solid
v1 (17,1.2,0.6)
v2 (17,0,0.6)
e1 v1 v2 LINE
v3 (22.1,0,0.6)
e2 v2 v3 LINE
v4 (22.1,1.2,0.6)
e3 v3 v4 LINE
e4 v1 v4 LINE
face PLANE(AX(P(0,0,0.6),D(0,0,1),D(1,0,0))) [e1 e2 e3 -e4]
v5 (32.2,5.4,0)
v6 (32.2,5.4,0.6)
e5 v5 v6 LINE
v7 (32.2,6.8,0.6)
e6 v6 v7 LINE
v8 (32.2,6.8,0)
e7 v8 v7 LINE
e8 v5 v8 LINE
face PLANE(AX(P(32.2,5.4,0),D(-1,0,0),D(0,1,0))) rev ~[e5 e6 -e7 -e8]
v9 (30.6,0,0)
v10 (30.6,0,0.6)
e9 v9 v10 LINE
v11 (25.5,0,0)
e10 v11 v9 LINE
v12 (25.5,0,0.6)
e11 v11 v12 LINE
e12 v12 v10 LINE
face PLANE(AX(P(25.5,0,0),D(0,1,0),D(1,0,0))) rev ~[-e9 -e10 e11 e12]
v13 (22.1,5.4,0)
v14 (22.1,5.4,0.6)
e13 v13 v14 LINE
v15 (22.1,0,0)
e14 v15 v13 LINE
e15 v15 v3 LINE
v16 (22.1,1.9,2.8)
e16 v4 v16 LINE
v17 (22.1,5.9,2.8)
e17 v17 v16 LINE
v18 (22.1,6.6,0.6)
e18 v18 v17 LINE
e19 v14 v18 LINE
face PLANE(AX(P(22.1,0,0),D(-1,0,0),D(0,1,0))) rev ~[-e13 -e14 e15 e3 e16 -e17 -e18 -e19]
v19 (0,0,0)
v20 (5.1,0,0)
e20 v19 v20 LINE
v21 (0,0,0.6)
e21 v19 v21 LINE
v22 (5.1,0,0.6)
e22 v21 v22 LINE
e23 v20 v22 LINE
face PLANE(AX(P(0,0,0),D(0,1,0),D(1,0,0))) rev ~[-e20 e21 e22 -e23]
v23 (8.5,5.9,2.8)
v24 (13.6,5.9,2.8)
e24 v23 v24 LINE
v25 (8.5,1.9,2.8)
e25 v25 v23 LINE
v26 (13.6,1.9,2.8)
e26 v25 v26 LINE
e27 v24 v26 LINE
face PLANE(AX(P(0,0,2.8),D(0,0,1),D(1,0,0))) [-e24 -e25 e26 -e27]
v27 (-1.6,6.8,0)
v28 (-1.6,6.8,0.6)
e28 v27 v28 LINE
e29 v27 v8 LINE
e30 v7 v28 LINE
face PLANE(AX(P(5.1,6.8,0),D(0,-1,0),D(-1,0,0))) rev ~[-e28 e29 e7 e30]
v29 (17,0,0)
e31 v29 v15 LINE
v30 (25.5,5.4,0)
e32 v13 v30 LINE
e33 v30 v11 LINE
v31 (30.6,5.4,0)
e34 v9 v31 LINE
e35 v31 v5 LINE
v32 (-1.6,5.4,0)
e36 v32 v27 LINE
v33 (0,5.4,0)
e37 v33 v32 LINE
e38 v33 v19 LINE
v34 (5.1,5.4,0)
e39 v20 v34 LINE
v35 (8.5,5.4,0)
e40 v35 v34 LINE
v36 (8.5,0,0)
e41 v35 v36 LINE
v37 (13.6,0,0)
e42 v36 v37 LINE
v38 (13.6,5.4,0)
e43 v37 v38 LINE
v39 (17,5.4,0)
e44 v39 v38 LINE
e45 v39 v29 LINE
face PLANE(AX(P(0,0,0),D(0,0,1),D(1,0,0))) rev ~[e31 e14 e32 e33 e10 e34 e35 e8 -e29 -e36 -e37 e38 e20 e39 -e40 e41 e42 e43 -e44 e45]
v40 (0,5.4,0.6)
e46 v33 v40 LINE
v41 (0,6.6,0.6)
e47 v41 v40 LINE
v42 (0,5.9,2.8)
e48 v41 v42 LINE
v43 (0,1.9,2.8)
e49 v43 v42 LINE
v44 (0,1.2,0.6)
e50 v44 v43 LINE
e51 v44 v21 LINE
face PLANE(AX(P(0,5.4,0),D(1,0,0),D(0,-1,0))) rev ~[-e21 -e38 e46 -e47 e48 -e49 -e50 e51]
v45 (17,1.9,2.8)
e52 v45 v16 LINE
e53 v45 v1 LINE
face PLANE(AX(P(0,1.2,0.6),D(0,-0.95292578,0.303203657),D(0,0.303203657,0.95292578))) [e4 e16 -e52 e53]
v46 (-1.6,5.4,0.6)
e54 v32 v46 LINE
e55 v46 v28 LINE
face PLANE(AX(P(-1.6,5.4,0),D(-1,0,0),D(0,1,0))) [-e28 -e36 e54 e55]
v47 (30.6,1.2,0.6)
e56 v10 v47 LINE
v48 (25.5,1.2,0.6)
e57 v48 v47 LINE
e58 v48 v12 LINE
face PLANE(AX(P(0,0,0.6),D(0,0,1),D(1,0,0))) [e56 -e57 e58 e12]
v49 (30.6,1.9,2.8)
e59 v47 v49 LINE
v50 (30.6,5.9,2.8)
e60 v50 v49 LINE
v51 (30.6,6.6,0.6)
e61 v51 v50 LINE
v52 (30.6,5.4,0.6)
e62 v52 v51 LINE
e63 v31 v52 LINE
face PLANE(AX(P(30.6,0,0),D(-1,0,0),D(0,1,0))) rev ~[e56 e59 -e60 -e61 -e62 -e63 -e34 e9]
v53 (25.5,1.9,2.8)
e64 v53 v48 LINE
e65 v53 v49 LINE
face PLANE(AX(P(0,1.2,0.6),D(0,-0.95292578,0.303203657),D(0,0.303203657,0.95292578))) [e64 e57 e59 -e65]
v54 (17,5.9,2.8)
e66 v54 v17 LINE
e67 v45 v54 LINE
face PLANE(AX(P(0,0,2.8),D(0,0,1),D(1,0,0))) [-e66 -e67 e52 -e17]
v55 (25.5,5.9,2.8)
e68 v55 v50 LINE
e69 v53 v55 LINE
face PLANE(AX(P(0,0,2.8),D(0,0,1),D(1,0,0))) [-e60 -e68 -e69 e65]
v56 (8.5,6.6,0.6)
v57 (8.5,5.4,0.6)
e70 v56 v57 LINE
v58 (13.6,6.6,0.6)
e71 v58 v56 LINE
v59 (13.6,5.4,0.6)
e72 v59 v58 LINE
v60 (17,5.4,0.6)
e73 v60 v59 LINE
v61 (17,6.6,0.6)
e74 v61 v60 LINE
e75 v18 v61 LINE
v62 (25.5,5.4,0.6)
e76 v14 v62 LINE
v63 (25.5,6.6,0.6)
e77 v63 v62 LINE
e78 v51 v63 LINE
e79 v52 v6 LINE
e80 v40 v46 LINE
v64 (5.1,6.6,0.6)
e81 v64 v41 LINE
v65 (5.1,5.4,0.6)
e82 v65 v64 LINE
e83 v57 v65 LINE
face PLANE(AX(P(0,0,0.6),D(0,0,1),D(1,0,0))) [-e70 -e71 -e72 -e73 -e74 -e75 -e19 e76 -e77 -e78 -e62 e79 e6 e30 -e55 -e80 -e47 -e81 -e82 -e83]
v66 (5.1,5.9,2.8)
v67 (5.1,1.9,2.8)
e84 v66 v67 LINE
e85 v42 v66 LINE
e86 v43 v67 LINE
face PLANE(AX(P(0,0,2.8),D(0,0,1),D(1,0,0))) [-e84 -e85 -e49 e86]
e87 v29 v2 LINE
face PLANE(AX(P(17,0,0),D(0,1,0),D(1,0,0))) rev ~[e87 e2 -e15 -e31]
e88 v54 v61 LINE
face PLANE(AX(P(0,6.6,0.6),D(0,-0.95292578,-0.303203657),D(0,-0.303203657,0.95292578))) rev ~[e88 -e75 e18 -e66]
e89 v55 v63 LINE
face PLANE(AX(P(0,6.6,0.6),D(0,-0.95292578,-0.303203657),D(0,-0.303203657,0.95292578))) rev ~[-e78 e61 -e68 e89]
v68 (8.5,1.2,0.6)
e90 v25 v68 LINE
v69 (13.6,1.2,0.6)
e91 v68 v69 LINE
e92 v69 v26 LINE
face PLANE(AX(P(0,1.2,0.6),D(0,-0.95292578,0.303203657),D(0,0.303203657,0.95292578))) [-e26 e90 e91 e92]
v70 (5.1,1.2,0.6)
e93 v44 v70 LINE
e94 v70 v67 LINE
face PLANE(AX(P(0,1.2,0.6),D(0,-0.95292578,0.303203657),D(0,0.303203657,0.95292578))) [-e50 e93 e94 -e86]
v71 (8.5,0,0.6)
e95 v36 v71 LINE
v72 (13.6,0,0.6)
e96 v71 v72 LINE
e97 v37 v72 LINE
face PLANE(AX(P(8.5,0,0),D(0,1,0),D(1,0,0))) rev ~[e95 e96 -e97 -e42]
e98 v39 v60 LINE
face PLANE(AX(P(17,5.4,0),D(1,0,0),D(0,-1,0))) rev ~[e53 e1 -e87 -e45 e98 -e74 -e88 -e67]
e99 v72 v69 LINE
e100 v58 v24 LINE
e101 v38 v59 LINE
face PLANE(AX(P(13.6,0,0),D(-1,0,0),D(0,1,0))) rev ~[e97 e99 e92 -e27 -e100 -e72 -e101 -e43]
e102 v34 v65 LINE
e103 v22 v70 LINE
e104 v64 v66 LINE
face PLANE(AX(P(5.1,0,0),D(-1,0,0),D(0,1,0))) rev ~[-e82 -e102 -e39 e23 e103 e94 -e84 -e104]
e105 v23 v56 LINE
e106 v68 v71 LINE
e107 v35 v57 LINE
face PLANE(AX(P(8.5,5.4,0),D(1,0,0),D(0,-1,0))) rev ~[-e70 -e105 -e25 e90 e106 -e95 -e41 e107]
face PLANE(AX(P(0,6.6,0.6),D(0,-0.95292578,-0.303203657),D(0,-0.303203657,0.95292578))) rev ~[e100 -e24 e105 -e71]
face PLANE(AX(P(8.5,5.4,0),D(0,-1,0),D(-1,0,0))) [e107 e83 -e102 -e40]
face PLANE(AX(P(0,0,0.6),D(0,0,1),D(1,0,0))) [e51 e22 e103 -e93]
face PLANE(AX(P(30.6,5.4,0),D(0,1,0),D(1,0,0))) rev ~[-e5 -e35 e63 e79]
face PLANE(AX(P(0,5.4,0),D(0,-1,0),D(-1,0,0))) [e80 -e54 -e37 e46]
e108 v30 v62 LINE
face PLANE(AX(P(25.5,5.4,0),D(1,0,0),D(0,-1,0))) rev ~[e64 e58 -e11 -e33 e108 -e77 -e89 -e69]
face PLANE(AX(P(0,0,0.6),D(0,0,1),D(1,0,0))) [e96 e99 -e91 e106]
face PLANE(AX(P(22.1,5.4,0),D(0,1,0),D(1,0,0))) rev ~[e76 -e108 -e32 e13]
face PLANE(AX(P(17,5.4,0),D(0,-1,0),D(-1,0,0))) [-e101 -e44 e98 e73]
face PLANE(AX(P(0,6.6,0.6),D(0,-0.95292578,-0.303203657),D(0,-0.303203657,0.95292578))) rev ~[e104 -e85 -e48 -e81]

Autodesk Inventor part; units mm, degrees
ref_plane "YZ Plane" through (0, 0, 0) normal (1, 0, 0) x (0, 1, 0)
ref_plane "XZ Plane" through (0, 0, 0) normal (0, 1, 0) x (-1, 0, 0)
ref_plane "XY Plane" through (0, 0, 0) normal (0, 0, 1) x (1, 0, 0)
sketch "Эскиз1" plane through (0, 0, 0) normal (0, 0, 1) x (1, 0, 0)
  line L0 (0, 0) -> (5.1, 0)
  line L1 (5.1, 0) -> (5.1, 6.8)
  line L2 (5.1, 6.8) -> (0, 6.8)
  line L3 (0, 6.8) -> (0, 0)
  line L4 (8.5, 0) -> (13.6, 0)
  line L5 (13.6, 0) -> (13.6, 6.8)
  line L6 (13.6, 6.8) -> (8.5, 6.8)
  line L7 (8.5, 6.8) -> (8.5, 0)
  line L8 (17, 0) -> (22.1, 0)
  line L9 (22.1, 0) -> (22.1, 6.8)
  line L10 (22.1, 6.8) -> (17, 6.8)
  line L11 (17, 6.8) -> (17, 0)
  line L12 (25.5, 0) -> (30.6, 0)
  line L13 (30.6, 0) -> (30.6, 6.8)
  line L14 (30.6, 6.8) -> (25.5, 6.8)
  line L15 (25.5, 6.8) -> (25.5, 0)
  line L16 (5.1, 6.8) -> (8.5, 6.8)
  line L17 (13.6, 6.8) -> (17, 6.8)
  line L18 (22.1, 6.8) -> (25.5, 6.8)
  line L19 (22.1, 5.4) -> (25.5, 5.4)
  line L20 (17, 5.4) -> (13.6, 5.4)
  line L21 (8.5, 5.4) -> (5.1, 5.4)
  line L22 (0, 5.4) -> (-1.6, 5.4)
  line L23 (-1.6, 5.4) -> (-1.6, 6.8)
  line L24 (-1.6, 6.8) -> (0, 6.8)
  line L25 (0, 6.8) -> (0, 5.4)
  line L26 (30.6, 5.4) -> (32.2, 5.4)
  line L27 (32.2, 5.4) -> (32.2, 6.8)
  line L28 (32.2, 6.8) -> (30.6, 6.8)
  line L29 (30.6, 6.8) -> (30.6, 5.4)
  dimension "d0" = 5.1
  dimension "d1" = 6.8
  dimension "d4" = 8.5
  dimension "d9" = 1.4
  dimension "d10" = 1.6
extrude "Выдавливание1" add sketch "Эскиз1" along normal blind 0.6
sketch "Эскиз2" plane through (0, 0, 0.6) normal (0, 0, 1) x (1, 0, 0)
  line L0 (0, 5.4) -> (0, 0) projected
  line L1 (5.1, 0) -> (5.1, 5.4) projected
  line L2 (0, 1.2) -> (5.1, 1.2)
  line L3 (5.1, 1.2) -> (5.1, 6.6)
  line L4 (5.1, 6.6) -> (0, 6.6)
  line L5 (0, 6.6) -> (0, 1.2)
  line L6 (8.5, 5.4) -> (8.5, 0) projected
  line L7 (13.6, 0) -> (13.6, 5.4) projected
  line L8 (8.5, 1.2) -> (13.6, 1.2)
  line L9 (13.6, 1.2) -> (13.6, 6.6)
  line L10 (13.6, 6.6) -> (8.5, 6.6)
  line L11 (8.5, 6.6) -> (8.5, 1.2)
  line L12 (17, 5.4) -> (17, 0) projected
  line L13 (22.1, 0) -> (22.1, 5.4) projected
  line L14 (17, 1.2) -> (22.1, 1.2)
  line L15 (22.1, 1.2) -> (22.1, 6.6)
  line L16 (22.1, 6.6) -> (17, 6.6)
  line L17 (17, 6.6) -> (17, 1.2)
  line L18 (25.5, 5.4) -> (25.5, 0) projected
  line L19 (30.6, 0) -> (30.6, 5.4) projected
  line L20 (25.5, 1.2) -> (30.6, 1.2)
  line L21 (30.6, 1.2) -> (30.6, 6.6)
  line L22 (30.6, 6.6) -> (25.5, 6.6)
  line L23 (25.5, 6.6) -> (25.5, 1.2)
  line L24 (0, 0) -> (5.1, 0) projected
  line L25 (32.2, 6.8) -> (-1.6, 6.8) projected
  point P0 (25.5, 5.5)
  point P1 (30.6, 1.2)
  point P2 (17, 5.5)
  point P3 (8.5, 5.5)
  point P4 (0, 5.5)
  dimension "d14" = 5.4
  dimension "d21" = 0.2
extrude "Выдавливание2" add sketch "Эскиз2" along normal blind 2.2 contours L5 L4 L3 L1 L2 L0 | L11 L10 L9 L7 L8 L6 | L17 L16 L15 L13 L14 L12 | L23 L22 L21 L19 L20 L18
sketch "Эскиз3" plane through (0, 0, 0) normal (-1, 0, 0) x (0, 0, 1)
  line L0 (0.6, 1.2) -> (2.8, 1.9)
  line L1 (0, 5.4) -> (0, 0) projected
  line L2 (0, 0) -> (0.6, 0) projected
  line L3 (0.6, 1.2) -> (0.6, 0) projected
  line L4 (0.6, 1.2) -> (2.8, 1.2) projected
  line L5 (2.8, 6.6) -> (2.8, 1.2) projected
  line L6 (0.6, 5.4) -> (0.6, 6.6) projected
  line L7 (0, 5.4) -> (0.6, 5.4) projected
  line L8 (0.6, 1.2) -> (2.8, 1.2)
  line L9 (0.6, 6.6) -> (2.8, 6.6)
  line L10 (0.6, 6.6) -> (2.8, 5.9)
  line L11 (2.8, 1.2) -> (2.8, 6.6) projected
  line L12 (2.8, 1.9) -> (2.8, 1.2)
  line L13 (0.6, 6.6) -> (2.8, 6.6) projected
  line L14 (0.6, 6.8) -> (0.6, 5.4) projected
  line L15 (2.8, 6.6) -> (2.8, 1.2) projected
  line L16 (2.8, 5.9) -> (2.8, 6.6)
  point P0 (2.8, 1.9)
  point P1 (2, 5.8)
  point P2 (2, 5.6739)
  point P3 (2, 5.8)
  dimension "d18" = 4
extrude "Выдавливание3" cut sketch "Эскиз3" against normal through all contours L0 L5 L4 | L10 L9 L5
properties part number "Buttons"
